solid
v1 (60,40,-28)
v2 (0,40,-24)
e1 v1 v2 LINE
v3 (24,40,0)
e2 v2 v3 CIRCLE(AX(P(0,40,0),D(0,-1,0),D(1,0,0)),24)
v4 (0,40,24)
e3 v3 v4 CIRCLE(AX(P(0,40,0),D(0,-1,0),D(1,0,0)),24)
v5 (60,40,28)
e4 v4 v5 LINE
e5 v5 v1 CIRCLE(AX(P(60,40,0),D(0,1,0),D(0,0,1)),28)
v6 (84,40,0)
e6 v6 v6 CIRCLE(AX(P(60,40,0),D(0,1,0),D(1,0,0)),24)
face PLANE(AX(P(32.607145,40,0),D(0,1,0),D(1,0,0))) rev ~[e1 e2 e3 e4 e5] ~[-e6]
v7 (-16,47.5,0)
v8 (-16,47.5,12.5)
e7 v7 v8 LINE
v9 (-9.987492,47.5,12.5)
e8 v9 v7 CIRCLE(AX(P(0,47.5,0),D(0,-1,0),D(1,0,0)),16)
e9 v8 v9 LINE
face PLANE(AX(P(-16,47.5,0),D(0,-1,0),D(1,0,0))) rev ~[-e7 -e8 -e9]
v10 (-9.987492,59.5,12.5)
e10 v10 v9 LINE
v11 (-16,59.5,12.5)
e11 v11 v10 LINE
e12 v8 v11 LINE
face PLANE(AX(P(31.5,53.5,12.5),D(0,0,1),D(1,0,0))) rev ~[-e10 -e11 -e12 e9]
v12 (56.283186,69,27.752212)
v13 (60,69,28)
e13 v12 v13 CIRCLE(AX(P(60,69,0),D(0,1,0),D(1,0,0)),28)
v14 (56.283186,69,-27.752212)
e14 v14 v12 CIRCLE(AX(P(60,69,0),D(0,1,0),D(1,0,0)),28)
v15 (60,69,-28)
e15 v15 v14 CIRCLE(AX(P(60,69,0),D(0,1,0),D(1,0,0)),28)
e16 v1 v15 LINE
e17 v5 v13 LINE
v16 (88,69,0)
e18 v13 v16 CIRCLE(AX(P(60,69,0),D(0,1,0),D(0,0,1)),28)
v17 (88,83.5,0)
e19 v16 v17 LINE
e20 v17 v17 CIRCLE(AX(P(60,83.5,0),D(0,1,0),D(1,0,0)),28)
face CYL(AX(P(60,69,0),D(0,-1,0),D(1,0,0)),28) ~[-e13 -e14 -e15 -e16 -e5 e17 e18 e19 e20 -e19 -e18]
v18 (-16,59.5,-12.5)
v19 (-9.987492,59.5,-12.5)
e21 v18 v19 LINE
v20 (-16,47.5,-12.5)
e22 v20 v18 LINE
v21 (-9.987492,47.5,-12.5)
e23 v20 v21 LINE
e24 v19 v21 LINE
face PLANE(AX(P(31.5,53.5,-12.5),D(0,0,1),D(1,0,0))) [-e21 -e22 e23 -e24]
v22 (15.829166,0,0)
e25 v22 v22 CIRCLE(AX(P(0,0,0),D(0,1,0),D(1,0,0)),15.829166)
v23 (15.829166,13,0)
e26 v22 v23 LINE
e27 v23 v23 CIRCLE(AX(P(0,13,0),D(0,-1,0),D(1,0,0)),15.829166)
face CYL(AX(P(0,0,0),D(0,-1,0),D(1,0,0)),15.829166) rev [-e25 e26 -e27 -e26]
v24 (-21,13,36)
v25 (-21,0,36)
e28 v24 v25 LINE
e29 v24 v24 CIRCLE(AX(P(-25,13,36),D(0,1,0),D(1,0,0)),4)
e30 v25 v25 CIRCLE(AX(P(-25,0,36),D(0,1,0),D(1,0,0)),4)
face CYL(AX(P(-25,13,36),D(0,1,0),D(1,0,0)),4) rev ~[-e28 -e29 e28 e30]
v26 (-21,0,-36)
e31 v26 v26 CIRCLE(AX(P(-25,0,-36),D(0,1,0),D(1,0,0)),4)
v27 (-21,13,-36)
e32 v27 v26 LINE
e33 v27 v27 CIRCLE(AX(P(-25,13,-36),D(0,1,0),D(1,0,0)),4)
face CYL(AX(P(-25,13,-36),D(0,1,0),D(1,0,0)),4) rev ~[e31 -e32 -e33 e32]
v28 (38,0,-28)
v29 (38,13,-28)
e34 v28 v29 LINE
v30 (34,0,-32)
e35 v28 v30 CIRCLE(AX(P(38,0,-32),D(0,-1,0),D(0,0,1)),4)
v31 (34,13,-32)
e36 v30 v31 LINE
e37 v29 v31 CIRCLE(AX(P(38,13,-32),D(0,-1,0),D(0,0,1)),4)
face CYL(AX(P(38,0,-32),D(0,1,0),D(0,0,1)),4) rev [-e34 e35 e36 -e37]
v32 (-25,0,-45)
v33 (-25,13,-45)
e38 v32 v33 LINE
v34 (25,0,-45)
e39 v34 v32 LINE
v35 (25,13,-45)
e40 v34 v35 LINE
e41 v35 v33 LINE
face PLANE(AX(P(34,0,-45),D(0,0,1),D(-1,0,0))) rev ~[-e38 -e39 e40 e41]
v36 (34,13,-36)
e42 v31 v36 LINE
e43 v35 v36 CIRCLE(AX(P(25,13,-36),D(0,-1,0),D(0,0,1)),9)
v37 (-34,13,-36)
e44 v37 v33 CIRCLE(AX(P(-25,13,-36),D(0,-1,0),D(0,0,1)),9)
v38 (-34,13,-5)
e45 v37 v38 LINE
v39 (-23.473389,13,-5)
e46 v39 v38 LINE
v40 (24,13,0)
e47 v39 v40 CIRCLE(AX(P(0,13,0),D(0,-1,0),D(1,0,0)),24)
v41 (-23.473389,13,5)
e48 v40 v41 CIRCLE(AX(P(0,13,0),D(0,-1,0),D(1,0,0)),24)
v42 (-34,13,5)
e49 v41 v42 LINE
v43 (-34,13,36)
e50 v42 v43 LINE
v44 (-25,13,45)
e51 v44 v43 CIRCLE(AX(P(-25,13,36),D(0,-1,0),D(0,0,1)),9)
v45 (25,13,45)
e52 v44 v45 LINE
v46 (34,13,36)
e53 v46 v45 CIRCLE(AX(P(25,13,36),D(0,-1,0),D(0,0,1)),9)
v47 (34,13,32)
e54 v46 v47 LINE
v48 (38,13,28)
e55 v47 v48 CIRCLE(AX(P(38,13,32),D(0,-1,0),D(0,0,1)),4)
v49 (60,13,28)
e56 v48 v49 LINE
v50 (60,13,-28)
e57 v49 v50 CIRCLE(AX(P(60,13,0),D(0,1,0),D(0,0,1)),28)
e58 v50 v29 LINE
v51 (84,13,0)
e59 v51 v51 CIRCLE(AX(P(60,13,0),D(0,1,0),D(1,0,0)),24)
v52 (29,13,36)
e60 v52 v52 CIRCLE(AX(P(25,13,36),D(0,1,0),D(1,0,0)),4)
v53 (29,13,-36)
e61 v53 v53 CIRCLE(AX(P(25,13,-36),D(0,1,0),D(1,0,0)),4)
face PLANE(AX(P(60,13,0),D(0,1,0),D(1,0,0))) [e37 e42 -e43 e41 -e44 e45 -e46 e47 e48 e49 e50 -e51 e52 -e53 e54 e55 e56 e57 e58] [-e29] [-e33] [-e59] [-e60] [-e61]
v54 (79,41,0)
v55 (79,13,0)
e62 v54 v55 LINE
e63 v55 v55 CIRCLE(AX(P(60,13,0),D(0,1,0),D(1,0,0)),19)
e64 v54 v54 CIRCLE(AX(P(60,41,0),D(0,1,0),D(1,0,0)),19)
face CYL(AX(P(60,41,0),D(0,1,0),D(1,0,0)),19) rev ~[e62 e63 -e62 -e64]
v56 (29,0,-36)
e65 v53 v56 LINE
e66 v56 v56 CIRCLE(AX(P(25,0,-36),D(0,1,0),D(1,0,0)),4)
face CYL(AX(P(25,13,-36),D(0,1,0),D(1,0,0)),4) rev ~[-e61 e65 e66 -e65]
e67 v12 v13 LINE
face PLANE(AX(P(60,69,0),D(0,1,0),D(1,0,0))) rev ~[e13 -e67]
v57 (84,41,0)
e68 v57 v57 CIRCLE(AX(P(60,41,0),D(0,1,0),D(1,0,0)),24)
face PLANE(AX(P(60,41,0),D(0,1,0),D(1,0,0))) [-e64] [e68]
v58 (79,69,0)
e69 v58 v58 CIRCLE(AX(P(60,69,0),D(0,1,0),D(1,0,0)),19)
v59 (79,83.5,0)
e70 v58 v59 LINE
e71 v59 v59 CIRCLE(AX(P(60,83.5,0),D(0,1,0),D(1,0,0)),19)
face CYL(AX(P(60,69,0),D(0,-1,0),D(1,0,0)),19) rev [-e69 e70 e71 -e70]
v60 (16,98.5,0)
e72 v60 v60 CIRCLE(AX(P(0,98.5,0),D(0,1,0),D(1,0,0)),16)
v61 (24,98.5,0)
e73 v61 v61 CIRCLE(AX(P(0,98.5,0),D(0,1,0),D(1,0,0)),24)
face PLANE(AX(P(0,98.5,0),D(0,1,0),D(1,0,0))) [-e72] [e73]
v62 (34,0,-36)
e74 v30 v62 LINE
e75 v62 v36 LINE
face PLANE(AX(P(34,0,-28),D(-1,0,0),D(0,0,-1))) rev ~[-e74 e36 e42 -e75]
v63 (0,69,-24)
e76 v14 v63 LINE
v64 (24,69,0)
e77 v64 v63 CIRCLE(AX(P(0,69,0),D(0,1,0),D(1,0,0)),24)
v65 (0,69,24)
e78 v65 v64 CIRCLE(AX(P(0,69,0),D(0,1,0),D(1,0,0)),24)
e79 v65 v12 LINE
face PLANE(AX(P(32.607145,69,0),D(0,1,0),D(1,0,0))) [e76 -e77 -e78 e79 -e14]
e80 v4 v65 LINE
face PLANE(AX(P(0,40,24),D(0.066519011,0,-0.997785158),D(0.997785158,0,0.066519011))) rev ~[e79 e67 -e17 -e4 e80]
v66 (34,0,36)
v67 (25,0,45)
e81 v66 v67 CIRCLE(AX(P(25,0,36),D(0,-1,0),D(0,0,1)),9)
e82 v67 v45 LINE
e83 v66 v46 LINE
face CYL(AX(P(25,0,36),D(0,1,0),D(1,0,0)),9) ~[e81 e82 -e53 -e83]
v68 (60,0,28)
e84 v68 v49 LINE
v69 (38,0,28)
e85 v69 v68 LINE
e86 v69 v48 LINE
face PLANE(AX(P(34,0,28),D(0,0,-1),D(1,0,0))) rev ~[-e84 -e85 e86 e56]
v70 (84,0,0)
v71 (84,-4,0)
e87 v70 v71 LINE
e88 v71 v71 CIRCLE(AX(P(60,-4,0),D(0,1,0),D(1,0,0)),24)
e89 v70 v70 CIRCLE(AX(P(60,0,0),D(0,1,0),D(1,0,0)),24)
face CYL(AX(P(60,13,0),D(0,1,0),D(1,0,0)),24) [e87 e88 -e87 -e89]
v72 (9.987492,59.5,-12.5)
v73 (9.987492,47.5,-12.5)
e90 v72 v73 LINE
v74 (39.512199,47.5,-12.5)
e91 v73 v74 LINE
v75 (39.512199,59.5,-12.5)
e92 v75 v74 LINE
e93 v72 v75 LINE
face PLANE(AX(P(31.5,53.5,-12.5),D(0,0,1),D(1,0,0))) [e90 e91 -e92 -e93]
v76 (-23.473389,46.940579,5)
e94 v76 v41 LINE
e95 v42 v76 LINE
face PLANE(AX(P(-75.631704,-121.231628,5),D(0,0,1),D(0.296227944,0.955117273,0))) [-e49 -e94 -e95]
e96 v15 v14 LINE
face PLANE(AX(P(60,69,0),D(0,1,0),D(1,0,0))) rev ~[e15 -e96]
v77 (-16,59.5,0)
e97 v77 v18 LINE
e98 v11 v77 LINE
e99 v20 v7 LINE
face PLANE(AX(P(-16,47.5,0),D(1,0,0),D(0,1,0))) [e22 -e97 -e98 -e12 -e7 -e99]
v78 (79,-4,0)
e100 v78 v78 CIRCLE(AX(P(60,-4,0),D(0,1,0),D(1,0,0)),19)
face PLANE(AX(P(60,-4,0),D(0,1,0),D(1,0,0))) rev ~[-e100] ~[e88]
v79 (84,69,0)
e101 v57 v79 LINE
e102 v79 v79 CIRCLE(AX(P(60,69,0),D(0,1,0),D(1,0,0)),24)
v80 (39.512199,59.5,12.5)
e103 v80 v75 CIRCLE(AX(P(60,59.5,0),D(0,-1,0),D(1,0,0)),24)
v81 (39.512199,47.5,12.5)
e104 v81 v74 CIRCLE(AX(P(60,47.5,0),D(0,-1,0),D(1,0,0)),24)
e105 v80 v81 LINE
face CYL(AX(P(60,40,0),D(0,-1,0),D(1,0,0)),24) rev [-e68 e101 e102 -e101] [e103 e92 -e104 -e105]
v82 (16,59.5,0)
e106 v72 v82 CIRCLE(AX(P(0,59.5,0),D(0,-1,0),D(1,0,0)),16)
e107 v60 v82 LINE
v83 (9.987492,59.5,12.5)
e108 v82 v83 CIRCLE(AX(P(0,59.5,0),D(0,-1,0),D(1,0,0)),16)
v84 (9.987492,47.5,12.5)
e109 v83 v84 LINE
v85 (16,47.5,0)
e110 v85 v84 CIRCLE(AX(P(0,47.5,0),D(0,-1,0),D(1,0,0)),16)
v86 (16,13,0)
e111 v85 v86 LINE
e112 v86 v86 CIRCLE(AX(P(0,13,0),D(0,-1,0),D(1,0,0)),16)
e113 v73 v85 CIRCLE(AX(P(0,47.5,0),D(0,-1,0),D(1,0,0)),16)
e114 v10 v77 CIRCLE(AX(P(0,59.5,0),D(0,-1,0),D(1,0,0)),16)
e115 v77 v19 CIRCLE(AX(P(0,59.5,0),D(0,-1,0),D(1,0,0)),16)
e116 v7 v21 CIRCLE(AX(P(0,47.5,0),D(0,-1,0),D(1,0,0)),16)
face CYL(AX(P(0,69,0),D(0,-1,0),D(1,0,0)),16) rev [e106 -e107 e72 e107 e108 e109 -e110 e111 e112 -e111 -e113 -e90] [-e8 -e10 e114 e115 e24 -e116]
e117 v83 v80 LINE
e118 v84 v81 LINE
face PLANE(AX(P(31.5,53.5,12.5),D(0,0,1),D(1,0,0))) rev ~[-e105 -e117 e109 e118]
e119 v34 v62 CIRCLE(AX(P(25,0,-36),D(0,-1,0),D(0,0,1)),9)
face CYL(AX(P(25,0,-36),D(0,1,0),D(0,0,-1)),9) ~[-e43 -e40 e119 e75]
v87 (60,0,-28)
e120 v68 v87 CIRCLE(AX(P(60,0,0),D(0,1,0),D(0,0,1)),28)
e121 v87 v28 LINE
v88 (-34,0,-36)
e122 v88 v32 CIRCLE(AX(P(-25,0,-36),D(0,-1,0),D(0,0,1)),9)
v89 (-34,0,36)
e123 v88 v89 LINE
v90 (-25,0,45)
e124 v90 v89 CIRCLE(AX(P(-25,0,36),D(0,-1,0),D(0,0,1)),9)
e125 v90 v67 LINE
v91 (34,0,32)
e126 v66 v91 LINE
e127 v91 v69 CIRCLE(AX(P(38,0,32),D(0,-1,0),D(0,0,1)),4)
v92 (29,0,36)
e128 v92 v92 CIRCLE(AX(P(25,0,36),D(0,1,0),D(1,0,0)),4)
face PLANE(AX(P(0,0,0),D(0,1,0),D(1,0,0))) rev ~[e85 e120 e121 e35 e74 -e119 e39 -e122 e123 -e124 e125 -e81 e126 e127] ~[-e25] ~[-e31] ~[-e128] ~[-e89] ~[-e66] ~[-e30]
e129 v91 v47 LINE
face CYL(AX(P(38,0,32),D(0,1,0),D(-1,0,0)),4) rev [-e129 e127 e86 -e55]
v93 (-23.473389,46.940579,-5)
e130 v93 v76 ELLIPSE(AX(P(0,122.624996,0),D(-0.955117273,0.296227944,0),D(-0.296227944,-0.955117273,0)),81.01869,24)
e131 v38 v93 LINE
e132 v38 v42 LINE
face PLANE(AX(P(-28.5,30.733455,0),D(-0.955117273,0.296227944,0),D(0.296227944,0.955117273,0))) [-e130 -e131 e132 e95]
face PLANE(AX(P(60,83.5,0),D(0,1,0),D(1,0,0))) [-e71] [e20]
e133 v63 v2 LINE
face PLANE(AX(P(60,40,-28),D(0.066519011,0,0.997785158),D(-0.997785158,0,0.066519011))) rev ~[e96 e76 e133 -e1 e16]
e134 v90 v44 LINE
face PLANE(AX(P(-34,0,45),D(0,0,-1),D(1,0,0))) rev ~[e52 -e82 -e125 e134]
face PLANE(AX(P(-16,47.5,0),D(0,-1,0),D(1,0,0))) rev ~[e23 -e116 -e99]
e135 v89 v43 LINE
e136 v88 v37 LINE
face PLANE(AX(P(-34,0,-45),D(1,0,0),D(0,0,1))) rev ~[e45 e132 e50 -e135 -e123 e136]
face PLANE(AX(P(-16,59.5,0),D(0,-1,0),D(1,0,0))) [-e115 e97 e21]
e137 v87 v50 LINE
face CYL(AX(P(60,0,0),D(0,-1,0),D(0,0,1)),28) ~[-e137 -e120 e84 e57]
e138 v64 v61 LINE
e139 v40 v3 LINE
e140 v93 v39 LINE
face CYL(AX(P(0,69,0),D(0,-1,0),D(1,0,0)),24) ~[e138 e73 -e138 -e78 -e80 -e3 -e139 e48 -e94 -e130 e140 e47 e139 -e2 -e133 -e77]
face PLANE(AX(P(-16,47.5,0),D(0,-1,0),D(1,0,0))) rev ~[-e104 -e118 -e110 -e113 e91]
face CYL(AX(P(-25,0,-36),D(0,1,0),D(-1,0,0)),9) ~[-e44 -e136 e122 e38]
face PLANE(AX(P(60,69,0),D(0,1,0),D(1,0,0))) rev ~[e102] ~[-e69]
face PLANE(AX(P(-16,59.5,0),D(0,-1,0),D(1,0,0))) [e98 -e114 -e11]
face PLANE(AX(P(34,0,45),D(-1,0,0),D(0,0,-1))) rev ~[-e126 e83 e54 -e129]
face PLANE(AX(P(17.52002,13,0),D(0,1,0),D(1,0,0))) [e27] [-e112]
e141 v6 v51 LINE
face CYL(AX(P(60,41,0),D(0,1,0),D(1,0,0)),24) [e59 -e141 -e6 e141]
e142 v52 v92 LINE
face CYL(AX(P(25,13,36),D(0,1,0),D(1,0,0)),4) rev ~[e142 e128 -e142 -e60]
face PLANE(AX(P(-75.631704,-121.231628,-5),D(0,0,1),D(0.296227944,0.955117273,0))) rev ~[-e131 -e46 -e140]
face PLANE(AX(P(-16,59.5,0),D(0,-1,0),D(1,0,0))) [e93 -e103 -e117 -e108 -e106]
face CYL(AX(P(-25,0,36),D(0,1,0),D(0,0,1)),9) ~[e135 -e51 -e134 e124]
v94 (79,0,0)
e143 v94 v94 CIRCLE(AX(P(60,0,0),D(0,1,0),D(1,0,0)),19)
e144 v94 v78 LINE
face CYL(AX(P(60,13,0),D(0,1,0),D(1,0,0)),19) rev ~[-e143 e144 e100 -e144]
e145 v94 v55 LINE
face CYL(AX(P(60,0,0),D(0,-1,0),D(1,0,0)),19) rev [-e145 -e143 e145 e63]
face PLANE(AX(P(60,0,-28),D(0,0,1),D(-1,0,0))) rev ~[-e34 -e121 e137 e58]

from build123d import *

# Parameters (mm, degrees)
BOSS_EXTRUDE1_DEPTH       = 13
FILLET2_R                 = 4
FILLET3_R                 = 9
SKETCH5_R                 = 4
CUT_EXTRUDE1_DEPTH        = 100.689518005
SKETCH6_R                 = 24
SKETCH6_R_2               = 16
BOSS_EXTRUDE2_DEPTH       = 41.064418341
SKETCH7_R                 = 24
SKETCH7_R_2               = 19
BOSS_EXTRUDE3_DEPTH       = 17
BOSS_EXTRUDE4_START       = 28
SKETCH7_2_R               = 24
SKETCH7_2_R_2             = 19
BOSS_EXTRUDE4_DEPTH       = 28
BOSS_EXTRUDE11_DEPTH      = 28
BOSS_EXTRUDE11_DEPTH_BACK = 1
SKETCH8_R                 = 24
SKETCH8_R_2               = 16
SKETCH9_W                 = 95
SKETCH9_H                 = 12
CUT_EXTRUDE2_DEPTH        = 12.5
SKETCH10_R                = 24
SKETCH10_R_2              = 16
BOSS_EXTRUDE12_DEPTH      = 29.5
SKETCH12_R                = 28
SKETCH12_R_2              = 19
BOSS_EXTRUDE13_DEPTH      = 14.5
RIB1_REACH                = 141.539
SKETCH13_WALL_W           = 318.21240823
SKETCH13_WALL_H           = 10
SKETCH15_R                = 15.829166104
SKETCH15_R_2              = 19
CUT_EXTRUDE5_DEPTH        = 140.539420953


with BuildPart() as part:
    # Sketch3 → Boss-Extrude1 (new body)
    with BuildSketch(Plane(origin=(0, 0, 0), x_dir=(1, 0, 0), z_dir=(0, 1, 0))):
        with BuildLine():
            Line((34, -45), (34, -28))
            Line((34, -28), (60, -28))
            ThreePointArc((60, -28), (88, 0), (60, 28))
            Line((60, 28), (34, 28))
            Line((34, 28), (34, 45))
            Line((34, 45), (-34, 45))
            Line((-34, 45), (-34, -45))
            Line((-34, -45), (34, -45))
        make_face()
    extrude(amount=BOSS_EXTRUDE1_DEPTH)

    # Fillet2
    fillet2_edges = [part.edges().sort_by_distance(p)[0] for p in [
        (34, 6.5, -28),
        (34, 6.5, 28),
    ]]
    fillet(fillet2_edges, radius=FILLET2_R)

    # Fillet3
    fillet3_edges = [part.edges().sort_by_distance(p)[0] for p in [
        (-34, 6.5, 45),
        (34, 6.5, 45),
        (34, 6.5, -45),
        (-34, 6.5, -45),
    ]]
    fillet(fillet3_edges, radius=FILLET3_R)

    # Sketch5 → Cut-Extrude1 (cut, through all)
    with BuildSketch(Plane(origin=(0, 13, 0), x_dir=(1, 0, 0), z_dir=(0, 1, 0))):
        with Locations((-25, 36)):
            Circle(SKETCH5_R)
        with Locations((25, 36)):
            Circle(SKETCH5_R)
        with Locations((-25, -36)):
            Circle(SKETCH5_R)
        with Locations((25, -36)):
            Circle(SKETCH5_R)
    extrude(amount=-CUT_EXTRUDE1_DEPTH, mode=Mode.SUBTRACT)

    # Sketch6 → Boss-Extrude2 (add)
    with BuildSketch(Plane(origin=(0, 0, 0), x_dir=(1, 0, 0), z_dir=(0, 1, 0))):
        Circle(SKETCH6_R)
        Circle(SKETCH6_R_2, mode=Mode.SUBTRACT)
    extrude(amount=BOSS_EXTRUDE2_DEPTH)

    # Sketch7 → Boss-Extrude3 (add)
    with BuildSketch(Plane(origin=(0, 13, 0), x_dir=(1, 0, 0), z_dir=(0, 1, 0))):
        with Locations((60, 0)):
            Circle(SKETCH7_R)
        with Locations((60, 0)):
            Circle(SKETCH7_R_2, mode=Mode.SUBTRACT)
    extrude(amount=-BOSS_EXTRUDE3_DEPTH)

    # Sketch7<2> → Boss-Extrude4 (add)
    with BuildSketch(Plane(origin=(0, 13, 0), x_dir=(1, 0, 0), z_dir=(0, 1, 0)).offset(BOSS_EXTRUDE4_START)):
        with Locations((60, 0)):
            Circle(SKETCH7_2_R)
        with Locations((60, 0)):
            Circle(SKETCH7_2_R_2, mode=Mode.SUBTRACT)
    extrude(amount=-BOSS_EXTRUDE4_DEPTH)

    # Sketch8 → Boss-Extrude11 (add, two sides: drawn at the far end of the back side and taken through both)
    with BuildSketch(Plane(origin=(0, 41, 0), x_dir=(1, 0, 0), z_dir=(0, 1, 0)).offset(-BOSS_EXTRUDE11_DEPTH_BACK)):
        with BuildLine():
            ThreePointArc((0, 24), (-24, 0), (0, -24))
            Line((0, -24), (60, -28))
            ThreePointArc((60, -28), (88, 0), (60, 28))
            Line((60, 28), (0, 24))
        make_face()
        with Locations((60, 0)):
            Circle(SKETCH8_R, mode=Mode.SUBTRACT)
        Circle(SKETCH8_R_2, mode=Mode.SUBTRACT)
    extrude(amount=BOSS_EXTRUDE11_DEPTH + BOSS_EXTRUDE11_DEPTH_BACK)

    # Sketch9 → Cut-Extrude2 (cut, symmetric)
    with BuildSketch(Plane.XY):
        with Locations((31.5, 53.5)):
            Rectangle(SKETCH9_W, SKETCH9_H)
    extrude(amount=CUT_EXTRUDE2_DEPTH, both=True, mode=Mode.SUBTRACT)

    # Sketch10 → Boss-Extrude12 (add)
    with BuildSketch(Plane(origin=(0, 69, 0), x_dir=(1, 0, 0), z_dir=(0, 1, 0))):
        Circle(SKETCH10_R)
        Circle(SKETCH10_R_2, mode=Mode.SUBTRACT)
    extrude(amount=BOSS_EXTRUDE12_DEPTH)

    # Sketch12 → Boss-Extrude13 (add)
    with BuildSketch(Plane(origin=(0, 69, 0), x_dir=(1, 0, 0), z_dir=(0, 1, 0))):
        with Locations((60, 0)):
            Circle(SKETCH12_R)
        with Locations((60, 0)):
            Circle(SKETCH12_R_2, mode=Mode.SUBTRACT)
    extrude(amount=BOSS_EXTRUDE13_DEPTH)

    # Sketch13 wall → Rib1 (add, up to next)
    with BuildSketch(Plane(origin=(-28.5, 30.733455303, 0), x_dir=(0.296227943859, 0.955117273049, 0), z_dir=(-0.955117273049, 0.296227943859, 0)), mode=Mode.PRIVATE) as rib1_sk1:
        Rectangle(SKETCH13_WALL_W, SKETCH13_WALL_H)
    rib1_tool1 = extrude(rib1_sk1.sketch, amount=-RIB1_REACH, mode=Mode.PRIVATE) - part.part
    add(rib1_tool1.solids().sort_by_distance((-28.5, 30.733455303, 0))[0])

    # Sketch15 → Cut-Extrude5 (cut, through all)
    with BuildSketch(Plane(origin=(0, 0, 0), x_dir=(1, 0, 0), z_dir=(0, 1, 0))):
        Circle(SKETCH15_R)
        with Locations((60, 0)):
            Circle(SKETCH15_R_2)
    extrude(amount=CUT_EXTRUDE5_DEPTH, mode=Mode.SUBTRACT)


solid = part.part
